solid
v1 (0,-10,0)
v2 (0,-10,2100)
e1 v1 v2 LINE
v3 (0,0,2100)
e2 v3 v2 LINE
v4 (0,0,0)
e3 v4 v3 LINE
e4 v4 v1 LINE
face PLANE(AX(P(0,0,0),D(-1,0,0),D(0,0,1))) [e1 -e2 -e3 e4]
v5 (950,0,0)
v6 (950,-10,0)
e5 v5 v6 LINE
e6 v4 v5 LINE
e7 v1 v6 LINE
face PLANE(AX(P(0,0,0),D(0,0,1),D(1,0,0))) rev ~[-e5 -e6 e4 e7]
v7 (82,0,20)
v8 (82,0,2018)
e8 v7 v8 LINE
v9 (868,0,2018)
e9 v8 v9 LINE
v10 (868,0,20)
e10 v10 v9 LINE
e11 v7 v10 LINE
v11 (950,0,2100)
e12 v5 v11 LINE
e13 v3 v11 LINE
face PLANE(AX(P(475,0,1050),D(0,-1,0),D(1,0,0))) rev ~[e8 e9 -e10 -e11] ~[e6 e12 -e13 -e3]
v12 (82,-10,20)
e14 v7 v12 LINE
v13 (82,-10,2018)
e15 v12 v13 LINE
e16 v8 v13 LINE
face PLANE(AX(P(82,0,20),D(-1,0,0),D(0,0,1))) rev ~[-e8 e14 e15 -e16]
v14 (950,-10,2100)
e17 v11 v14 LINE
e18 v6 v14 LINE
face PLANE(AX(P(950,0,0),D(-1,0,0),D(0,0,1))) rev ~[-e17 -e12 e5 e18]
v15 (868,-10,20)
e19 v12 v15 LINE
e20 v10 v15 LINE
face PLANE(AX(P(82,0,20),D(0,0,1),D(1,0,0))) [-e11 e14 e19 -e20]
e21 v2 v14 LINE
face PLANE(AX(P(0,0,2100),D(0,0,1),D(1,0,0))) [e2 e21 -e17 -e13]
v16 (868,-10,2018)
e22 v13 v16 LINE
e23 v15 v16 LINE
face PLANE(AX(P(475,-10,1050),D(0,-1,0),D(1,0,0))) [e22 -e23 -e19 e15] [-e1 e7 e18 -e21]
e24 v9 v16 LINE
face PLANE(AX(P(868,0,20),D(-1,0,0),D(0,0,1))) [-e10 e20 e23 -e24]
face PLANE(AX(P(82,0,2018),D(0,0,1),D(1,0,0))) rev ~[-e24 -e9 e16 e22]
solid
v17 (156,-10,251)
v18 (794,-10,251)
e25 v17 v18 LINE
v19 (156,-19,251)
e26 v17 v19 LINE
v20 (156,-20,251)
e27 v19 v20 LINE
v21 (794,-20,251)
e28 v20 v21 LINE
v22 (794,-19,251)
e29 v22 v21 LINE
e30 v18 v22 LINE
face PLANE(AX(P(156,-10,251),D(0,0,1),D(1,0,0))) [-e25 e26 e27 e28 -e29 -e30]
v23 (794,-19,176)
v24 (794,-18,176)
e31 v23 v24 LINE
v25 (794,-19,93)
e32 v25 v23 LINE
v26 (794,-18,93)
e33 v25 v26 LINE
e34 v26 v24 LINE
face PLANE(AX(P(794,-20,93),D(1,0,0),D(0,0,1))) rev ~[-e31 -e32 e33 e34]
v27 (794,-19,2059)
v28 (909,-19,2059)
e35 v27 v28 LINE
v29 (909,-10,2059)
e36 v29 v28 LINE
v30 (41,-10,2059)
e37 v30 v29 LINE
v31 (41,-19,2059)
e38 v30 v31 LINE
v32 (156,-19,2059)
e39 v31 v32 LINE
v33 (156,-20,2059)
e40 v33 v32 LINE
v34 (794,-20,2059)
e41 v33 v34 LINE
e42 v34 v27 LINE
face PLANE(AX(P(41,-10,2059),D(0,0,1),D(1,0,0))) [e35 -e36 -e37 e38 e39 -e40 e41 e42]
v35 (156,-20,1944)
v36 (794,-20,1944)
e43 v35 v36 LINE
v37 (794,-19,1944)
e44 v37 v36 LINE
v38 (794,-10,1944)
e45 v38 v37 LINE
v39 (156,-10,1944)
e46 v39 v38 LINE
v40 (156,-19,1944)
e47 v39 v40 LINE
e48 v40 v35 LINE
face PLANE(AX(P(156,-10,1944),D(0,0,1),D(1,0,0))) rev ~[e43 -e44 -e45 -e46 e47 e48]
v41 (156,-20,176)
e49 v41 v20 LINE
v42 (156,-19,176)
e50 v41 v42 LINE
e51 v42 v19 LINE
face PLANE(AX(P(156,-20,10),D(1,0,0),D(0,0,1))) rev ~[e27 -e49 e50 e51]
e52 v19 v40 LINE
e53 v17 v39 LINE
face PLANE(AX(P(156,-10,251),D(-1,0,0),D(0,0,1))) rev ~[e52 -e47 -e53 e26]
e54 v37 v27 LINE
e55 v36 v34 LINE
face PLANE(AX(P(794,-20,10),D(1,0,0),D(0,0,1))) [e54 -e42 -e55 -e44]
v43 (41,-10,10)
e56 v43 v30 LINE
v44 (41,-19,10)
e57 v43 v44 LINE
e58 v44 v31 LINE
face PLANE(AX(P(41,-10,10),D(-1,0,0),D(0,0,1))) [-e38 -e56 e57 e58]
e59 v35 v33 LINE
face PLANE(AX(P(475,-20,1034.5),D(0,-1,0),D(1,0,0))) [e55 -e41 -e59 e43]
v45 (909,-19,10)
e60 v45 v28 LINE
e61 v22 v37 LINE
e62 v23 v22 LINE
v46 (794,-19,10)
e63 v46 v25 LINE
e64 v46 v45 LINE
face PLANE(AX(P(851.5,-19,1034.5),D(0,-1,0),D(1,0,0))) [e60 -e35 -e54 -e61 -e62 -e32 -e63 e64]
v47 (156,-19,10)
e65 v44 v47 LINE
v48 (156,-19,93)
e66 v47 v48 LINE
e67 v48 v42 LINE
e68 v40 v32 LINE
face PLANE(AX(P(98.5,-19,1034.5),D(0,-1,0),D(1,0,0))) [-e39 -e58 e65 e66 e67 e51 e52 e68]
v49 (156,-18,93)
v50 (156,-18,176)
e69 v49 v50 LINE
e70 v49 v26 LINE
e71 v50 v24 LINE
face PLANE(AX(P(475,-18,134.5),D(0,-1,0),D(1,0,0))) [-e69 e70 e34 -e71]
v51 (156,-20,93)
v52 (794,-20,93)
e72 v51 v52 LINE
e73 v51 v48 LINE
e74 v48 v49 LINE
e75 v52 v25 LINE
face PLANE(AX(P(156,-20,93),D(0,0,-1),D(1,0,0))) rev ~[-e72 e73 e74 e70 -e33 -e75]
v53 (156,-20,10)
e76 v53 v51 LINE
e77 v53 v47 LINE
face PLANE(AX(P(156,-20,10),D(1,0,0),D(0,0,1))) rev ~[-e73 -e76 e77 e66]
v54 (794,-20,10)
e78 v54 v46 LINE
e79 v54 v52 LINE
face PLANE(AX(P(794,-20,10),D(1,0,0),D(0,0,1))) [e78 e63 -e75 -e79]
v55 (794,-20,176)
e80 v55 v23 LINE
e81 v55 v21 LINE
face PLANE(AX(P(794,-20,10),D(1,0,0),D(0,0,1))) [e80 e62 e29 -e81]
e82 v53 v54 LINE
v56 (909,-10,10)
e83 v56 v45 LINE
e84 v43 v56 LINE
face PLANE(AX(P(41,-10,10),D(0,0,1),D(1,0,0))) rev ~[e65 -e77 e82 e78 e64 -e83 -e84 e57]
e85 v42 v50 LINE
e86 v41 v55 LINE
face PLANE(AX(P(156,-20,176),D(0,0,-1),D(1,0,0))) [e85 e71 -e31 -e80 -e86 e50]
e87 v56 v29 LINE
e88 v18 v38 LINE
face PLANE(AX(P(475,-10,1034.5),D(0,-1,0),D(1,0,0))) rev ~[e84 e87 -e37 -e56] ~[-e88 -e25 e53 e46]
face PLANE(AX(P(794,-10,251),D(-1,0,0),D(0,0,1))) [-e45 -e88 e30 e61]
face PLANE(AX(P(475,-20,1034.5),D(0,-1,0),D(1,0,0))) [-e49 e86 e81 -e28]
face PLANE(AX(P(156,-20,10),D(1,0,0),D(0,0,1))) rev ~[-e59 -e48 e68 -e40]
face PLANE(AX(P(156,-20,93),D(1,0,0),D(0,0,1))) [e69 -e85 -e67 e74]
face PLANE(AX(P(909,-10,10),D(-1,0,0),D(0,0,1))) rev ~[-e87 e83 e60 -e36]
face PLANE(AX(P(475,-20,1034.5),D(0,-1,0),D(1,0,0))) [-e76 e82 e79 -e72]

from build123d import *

# Parameters (mm, degrees)
F0_W     = 950
F0_H     = 2100
F0_W_2   = 786
F0_H_2   = 1998
F1_DEPTH = 10
F2_W     = 868
F2_H     = 2049
F2_W_2   = 786
F2_H_2   = 1998
F2_W_3   = 638
F2_H_3   = 1693
F3_DEPTH = 10
F4_W     = 115
F4_H     = 2049
F5_DEPTH = 1
F6_W     = 638
F6_H     = 83
F7_DEPTH = 2


with BuildPart() as f1:
    # F0 (on Front) → F1 (new body)
    with BuildSketch(Plane.XZ):
        with Locations((475, 1050)):
            Rectangle(F0_W, F0_H)
        with Locations((475, 1019)):
            Rectangle(F0_W_2, F0_H_2, mode=Mode.SUBTRACT)
    extrude(amount=F1_DEPTH)


with BuildPart() as f3:
    # F2 (on face) → F3 (new body)
    with BuildSketch(Plane.XZ.offset(10)):
        with Locations((475, 1034.5)):
            Rectangle(F2_W, F2_H)
        with Locations((475, 1019)):
            Rectangle(F2_W_2, F2_H_2, mode=Mode.SUBTRACT)
        with Locations((475, 1034.5)):
            Rectangle(F2_W, F2_H)
        with Locations((475, 1097.5)):
            Rectangle(F2_W_3, F2_H_3, mode=Mode.SUBTRACT)
    extrude(amount=F3_DEPTH)

    # F4 (on face) → F5 (cut)
    with BuildSketch(Plane.XZ.offset(20)):
        with Locations((98.5, 1034.5)):
            Rectangle(F4_W, F4_H)
        with Locations((851.5, 1034.5)):
            Rectangle(F4_W, F4_H)
    extrude(amount=-F5_DEPTH, mode=Mode.SUBTRACT)

    # F6 (on face) → F7 (cut)
    with BuildSketch(Plane.XZ.offset(20)):
        with Locations((475, 134.5)):
            Rectangle(F6_W, F6_H)
    extrude(amount=-F7_DEPTH, mode=Mode.SUBTRACT)


solid = Compound([f1.part, f3.part])
